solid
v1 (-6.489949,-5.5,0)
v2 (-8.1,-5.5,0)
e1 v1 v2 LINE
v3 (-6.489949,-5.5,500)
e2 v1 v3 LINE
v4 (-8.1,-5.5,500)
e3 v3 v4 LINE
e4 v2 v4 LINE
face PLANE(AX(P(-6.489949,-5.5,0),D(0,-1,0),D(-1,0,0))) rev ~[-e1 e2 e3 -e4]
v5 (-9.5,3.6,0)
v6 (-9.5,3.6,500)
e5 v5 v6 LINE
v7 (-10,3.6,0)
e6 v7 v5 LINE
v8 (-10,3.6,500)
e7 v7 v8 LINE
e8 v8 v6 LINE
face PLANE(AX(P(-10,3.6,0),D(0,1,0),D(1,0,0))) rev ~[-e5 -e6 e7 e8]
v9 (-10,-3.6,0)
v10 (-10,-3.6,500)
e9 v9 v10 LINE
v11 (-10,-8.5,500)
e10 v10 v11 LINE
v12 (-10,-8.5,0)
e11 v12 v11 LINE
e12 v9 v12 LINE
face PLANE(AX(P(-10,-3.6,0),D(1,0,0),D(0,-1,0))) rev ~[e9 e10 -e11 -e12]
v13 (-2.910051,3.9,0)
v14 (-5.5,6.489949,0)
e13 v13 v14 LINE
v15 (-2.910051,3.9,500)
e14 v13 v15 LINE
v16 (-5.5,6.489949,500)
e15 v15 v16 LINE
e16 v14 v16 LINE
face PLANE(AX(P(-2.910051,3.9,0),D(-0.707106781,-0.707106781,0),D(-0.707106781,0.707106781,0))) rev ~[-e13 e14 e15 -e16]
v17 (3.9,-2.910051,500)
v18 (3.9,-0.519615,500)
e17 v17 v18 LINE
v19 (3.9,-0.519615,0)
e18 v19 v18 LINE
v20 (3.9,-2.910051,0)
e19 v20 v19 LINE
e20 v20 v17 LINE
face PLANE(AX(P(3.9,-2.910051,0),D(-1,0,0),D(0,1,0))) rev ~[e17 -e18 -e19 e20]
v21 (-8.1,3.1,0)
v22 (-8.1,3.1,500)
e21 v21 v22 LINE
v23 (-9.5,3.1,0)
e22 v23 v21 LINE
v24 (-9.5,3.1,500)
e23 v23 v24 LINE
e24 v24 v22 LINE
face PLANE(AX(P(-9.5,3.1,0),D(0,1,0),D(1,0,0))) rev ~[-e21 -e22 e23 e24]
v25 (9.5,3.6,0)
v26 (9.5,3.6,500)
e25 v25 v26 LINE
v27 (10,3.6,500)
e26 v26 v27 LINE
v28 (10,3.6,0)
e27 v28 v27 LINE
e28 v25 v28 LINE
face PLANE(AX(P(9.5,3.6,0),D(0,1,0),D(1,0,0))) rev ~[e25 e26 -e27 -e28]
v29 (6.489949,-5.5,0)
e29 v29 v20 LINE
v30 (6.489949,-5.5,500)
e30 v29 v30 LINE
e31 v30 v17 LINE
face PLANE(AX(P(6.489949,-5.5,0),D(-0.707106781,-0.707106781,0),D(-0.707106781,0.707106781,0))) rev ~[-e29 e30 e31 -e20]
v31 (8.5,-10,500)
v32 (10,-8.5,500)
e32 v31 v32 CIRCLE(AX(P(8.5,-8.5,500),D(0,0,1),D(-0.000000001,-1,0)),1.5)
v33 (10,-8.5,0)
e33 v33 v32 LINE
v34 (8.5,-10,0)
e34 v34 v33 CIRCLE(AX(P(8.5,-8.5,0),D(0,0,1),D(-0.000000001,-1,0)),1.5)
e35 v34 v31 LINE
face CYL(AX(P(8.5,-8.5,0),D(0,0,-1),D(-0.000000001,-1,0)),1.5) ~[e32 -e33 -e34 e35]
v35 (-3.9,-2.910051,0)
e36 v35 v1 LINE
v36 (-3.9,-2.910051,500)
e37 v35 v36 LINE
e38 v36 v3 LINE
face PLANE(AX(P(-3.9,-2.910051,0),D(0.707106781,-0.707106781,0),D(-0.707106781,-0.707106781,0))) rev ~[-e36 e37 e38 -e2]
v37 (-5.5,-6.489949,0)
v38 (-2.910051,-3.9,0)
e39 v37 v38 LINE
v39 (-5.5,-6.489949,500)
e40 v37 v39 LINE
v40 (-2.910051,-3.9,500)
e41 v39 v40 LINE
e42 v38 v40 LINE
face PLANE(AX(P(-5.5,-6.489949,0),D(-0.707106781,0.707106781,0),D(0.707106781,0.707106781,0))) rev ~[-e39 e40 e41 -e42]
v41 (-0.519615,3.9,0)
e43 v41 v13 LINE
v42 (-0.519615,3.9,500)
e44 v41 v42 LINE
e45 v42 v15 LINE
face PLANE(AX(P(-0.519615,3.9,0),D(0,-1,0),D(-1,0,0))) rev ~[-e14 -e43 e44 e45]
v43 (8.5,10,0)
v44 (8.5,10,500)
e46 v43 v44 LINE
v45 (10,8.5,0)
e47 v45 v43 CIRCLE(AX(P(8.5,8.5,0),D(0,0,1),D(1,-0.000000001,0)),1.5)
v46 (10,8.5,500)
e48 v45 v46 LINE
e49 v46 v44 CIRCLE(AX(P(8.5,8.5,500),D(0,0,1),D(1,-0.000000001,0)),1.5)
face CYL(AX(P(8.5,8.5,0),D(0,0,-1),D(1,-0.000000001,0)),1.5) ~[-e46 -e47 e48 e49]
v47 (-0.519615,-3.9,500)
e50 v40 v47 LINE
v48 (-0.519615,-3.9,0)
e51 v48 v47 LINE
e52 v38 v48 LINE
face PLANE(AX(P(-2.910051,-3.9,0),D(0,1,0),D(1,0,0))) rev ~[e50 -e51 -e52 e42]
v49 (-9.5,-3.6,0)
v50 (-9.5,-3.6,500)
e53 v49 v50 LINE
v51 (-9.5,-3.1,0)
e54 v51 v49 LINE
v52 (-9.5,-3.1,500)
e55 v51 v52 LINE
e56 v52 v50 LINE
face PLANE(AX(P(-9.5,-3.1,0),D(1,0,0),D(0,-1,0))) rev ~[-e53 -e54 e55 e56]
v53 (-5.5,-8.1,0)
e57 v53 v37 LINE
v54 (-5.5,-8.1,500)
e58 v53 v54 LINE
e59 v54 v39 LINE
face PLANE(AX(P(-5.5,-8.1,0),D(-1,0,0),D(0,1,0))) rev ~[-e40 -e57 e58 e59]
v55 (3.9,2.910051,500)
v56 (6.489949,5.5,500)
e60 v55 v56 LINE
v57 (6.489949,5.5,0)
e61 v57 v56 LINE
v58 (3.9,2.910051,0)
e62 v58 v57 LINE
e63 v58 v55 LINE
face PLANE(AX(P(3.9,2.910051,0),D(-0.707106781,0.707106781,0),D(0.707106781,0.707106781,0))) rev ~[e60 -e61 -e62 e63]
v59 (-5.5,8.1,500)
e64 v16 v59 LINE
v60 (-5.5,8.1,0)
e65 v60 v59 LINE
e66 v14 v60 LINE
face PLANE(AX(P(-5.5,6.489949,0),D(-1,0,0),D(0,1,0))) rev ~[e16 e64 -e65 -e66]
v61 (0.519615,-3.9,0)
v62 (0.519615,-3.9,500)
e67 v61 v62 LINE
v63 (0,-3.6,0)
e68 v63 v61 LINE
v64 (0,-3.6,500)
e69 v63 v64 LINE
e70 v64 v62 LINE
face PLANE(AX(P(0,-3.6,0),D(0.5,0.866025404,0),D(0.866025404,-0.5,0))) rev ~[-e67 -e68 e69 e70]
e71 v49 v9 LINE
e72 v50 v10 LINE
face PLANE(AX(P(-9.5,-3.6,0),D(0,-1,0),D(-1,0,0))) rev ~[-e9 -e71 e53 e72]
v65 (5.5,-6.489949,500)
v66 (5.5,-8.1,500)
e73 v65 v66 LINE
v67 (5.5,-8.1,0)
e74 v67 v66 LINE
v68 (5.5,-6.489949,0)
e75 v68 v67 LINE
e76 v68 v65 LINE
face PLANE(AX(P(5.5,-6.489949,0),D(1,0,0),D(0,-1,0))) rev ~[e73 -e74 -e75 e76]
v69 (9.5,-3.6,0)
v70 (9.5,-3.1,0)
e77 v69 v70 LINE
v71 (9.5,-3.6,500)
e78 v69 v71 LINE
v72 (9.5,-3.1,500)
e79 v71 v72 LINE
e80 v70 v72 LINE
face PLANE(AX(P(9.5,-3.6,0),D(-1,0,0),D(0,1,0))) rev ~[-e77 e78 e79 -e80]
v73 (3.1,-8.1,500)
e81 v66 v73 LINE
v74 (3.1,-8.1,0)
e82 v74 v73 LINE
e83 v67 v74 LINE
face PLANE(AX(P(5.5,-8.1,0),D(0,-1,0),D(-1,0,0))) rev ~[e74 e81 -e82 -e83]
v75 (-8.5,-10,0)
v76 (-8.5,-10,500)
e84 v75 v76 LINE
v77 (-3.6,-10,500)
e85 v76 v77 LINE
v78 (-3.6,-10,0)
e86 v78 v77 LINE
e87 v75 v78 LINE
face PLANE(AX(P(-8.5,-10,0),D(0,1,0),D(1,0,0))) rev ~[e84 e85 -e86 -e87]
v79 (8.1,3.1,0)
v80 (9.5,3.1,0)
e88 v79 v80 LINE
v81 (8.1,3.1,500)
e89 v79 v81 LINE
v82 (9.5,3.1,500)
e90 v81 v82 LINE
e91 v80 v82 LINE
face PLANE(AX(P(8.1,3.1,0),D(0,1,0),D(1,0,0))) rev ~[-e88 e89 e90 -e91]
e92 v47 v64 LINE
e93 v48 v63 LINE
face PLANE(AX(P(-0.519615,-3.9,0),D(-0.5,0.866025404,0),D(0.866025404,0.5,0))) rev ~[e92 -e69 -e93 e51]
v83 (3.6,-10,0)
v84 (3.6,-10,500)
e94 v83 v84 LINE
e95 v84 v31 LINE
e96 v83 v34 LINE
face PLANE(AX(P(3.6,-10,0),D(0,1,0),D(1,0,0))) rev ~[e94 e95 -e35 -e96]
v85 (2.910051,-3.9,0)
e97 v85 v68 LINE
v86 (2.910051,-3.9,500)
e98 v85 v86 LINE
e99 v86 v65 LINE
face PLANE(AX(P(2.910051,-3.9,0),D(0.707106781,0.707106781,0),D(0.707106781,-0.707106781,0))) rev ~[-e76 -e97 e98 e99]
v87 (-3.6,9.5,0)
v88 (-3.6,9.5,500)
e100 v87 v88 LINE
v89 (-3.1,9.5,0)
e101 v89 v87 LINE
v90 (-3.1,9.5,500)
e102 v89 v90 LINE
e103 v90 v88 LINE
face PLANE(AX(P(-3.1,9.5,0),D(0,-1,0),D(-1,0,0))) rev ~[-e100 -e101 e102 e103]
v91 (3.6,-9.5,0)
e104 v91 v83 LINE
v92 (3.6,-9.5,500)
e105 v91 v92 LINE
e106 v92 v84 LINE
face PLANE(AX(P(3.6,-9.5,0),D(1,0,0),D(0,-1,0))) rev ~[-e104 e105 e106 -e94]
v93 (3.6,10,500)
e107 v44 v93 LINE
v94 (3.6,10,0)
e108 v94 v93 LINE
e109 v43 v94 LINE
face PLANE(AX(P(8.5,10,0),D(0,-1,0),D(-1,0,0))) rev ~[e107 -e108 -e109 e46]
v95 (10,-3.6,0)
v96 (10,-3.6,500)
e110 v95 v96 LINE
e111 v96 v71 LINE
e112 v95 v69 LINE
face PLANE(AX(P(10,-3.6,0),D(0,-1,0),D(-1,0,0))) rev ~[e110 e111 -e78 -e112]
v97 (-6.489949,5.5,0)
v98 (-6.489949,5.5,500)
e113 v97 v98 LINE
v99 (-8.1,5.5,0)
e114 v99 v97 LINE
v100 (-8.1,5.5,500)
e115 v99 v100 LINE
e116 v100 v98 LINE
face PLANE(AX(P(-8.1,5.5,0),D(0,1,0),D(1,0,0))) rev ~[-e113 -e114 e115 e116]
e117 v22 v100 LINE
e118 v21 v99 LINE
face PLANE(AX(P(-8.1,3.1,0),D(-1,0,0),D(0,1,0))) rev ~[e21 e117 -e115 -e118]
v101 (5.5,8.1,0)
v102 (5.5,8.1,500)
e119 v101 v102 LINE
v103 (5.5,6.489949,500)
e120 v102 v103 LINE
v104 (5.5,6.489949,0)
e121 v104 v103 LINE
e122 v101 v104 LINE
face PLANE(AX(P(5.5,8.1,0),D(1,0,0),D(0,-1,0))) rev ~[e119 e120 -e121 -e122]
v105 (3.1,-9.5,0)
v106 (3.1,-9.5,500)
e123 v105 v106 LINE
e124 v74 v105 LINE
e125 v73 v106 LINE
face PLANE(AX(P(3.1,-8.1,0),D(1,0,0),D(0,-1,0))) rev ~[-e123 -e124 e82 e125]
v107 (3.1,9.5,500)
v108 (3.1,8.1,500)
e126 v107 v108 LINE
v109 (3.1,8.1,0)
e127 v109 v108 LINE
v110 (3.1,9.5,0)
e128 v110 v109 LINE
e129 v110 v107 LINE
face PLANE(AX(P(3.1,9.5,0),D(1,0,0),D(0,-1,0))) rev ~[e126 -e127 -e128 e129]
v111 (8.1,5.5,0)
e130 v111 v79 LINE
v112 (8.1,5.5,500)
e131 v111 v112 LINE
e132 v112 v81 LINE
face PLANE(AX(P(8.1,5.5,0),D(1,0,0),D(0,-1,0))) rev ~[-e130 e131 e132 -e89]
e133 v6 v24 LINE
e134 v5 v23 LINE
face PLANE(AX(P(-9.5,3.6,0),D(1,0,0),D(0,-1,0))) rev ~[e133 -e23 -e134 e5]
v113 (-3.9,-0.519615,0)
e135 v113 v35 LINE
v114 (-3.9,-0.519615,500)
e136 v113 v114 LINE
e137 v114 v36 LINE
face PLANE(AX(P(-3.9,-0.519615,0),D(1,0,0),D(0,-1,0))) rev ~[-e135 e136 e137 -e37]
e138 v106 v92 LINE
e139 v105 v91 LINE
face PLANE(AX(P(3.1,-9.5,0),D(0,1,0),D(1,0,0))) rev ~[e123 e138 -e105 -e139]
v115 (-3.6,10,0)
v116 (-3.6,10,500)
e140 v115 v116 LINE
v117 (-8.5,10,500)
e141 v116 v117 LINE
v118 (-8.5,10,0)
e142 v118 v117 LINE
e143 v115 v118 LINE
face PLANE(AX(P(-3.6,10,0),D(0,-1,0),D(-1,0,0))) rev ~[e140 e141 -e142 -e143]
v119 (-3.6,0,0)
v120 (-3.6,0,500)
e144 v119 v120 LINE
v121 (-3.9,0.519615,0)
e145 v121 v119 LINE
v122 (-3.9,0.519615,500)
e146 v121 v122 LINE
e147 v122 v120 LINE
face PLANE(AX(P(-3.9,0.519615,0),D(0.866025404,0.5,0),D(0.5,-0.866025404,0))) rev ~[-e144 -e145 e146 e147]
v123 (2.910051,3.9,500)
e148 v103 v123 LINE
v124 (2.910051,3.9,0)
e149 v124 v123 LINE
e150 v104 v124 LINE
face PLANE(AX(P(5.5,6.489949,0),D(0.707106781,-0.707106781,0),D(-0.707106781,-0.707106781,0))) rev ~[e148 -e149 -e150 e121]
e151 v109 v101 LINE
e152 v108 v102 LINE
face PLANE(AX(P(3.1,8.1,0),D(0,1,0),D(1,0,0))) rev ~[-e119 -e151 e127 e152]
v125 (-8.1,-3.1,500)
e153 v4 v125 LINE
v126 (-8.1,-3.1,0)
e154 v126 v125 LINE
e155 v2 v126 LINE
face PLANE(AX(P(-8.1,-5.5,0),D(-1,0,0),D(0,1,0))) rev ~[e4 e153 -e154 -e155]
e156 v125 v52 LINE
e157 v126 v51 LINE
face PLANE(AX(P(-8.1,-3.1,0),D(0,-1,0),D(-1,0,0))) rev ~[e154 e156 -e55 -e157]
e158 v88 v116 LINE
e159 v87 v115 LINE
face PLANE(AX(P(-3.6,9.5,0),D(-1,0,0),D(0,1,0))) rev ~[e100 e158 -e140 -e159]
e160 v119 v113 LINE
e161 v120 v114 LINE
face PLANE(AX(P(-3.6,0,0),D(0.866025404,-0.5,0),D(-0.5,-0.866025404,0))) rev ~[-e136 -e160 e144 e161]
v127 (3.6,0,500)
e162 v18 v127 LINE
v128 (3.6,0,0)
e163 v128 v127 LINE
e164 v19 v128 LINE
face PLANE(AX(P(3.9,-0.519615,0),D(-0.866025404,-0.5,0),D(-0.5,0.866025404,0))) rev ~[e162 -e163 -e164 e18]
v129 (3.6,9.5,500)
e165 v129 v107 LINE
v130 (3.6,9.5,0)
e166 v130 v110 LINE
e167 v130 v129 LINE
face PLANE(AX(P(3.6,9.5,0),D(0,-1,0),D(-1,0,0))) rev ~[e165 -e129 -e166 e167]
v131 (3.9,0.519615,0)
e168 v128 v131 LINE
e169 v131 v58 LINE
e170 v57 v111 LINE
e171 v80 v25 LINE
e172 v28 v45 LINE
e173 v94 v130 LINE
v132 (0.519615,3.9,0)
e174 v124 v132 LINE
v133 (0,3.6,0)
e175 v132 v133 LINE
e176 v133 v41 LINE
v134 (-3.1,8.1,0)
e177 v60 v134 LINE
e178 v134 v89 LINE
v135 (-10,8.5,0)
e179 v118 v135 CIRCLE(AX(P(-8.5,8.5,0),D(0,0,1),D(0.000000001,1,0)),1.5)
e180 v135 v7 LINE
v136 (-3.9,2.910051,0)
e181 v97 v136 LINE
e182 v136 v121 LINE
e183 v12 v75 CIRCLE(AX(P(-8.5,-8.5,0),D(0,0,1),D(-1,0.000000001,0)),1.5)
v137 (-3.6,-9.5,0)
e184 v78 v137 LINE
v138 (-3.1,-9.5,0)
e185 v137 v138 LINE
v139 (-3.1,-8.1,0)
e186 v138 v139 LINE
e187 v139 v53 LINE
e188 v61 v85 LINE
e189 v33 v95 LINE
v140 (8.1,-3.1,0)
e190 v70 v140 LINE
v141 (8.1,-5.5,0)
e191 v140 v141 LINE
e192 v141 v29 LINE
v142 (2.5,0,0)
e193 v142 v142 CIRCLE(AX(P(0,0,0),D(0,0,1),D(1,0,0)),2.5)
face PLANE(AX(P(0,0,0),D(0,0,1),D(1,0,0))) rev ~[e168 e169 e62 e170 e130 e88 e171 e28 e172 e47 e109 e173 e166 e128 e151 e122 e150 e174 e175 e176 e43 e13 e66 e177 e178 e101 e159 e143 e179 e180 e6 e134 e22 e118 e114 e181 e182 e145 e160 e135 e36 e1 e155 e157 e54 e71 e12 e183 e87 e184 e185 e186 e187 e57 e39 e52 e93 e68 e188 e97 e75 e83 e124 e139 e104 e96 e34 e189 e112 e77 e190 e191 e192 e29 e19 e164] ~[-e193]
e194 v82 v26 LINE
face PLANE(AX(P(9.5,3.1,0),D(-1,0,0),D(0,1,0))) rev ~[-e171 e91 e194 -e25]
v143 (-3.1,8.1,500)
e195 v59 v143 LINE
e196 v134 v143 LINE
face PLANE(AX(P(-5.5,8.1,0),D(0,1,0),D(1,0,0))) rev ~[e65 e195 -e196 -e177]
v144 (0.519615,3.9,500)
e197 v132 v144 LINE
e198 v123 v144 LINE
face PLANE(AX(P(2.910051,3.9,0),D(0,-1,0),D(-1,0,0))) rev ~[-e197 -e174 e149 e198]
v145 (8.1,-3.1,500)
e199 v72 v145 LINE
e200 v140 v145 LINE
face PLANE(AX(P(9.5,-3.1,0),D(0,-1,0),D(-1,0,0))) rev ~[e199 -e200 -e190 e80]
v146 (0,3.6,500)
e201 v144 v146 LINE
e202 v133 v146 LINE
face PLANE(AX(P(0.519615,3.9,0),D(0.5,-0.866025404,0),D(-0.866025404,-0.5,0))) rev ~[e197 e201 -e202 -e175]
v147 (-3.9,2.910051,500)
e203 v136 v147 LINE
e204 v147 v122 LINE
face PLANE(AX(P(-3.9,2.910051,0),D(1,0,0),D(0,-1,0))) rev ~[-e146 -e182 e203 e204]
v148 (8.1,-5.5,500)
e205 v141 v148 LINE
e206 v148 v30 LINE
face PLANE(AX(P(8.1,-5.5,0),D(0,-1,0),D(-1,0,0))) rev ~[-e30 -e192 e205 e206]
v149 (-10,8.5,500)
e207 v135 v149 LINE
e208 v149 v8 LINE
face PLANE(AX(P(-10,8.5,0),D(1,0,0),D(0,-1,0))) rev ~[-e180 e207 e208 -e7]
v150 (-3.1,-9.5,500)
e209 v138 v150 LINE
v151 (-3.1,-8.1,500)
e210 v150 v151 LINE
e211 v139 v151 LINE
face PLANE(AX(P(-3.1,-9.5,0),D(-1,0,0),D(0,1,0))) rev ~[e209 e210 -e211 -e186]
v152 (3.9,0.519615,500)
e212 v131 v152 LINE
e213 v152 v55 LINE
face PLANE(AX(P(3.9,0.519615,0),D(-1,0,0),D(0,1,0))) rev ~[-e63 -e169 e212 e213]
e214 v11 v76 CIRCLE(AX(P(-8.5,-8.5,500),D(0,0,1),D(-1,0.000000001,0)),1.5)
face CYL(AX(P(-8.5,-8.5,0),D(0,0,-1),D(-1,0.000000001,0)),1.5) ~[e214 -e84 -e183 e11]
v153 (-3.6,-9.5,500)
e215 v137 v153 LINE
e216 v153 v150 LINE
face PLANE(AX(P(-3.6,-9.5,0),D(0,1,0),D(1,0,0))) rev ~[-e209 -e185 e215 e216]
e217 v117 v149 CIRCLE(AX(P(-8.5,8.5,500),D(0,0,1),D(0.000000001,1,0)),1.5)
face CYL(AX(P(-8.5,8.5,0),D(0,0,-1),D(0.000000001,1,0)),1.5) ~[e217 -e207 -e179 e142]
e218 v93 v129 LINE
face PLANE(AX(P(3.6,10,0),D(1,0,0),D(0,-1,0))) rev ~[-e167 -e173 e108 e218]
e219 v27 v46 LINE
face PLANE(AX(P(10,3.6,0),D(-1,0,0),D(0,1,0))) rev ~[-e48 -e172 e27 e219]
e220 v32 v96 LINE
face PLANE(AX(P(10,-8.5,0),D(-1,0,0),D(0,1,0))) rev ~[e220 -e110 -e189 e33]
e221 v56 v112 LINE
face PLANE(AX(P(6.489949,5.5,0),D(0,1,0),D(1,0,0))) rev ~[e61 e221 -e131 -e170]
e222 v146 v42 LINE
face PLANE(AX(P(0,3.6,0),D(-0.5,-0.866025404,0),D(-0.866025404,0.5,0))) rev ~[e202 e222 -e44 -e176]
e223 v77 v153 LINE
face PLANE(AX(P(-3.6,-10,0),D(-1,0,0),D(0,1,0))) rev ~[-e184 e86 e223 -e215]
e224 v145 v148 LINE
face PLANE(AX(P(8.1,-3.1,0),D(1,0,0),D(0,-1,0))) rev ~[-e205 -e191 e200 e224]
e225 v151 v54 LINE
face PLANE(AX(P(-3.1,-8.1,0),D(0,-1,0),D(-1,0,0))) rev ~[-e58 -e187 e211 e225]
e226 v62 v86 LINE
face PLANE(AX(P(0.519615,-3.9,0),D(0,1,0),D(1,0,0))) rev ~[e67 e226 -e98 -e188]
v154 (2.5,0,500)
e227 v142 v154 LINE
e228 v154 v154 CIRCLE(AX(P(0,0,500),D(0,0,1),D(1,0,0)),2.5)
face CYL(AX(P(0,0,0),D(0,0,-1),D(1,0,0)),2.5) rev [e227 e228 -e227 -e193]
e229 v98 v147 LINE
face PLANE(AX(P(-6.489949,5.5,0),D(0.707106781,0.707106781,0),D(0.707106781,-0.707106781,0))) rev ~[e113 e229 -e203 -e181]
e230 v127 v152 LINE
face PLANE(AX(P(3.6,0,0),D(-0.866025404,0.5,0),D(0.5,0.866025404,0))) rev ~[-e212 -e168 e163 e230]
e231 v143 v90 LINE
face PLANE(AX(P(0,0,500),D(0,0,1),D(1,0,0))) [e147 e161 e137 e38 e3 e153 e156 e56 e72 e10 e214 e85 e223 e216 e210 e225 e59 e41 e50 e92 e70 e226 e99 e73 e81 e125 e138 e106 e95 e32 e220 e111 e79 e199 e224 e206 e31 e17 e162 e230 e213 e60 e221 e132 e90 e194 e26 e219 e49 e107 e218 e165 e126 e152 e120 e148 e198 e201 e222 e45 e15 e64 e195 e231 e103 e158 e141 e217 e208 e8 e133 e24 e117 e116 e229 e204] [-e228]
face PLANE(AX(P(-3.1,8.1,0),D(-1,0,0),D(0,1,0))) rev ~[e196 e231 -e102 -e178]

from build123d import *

# Parameters (mm, degrees)
SKETCH_28_R     = 2.5
EXTRUDE_1_DEPTH = 500


with BuildPart() as part:
    # 草图28 → 凸台-拉伸1 (new body)
    with BuildSketch(Plane.XY):
        with BuildLine():
            Line((-3.9, -0.519615242), (-3.9, -2.910050506))
            Line((-3.9, -2.910050506), (-6.489949494, -5.5))
            Line((-6.489949494, -5.5), (-8.1, -5.5))
            Line((-8.1, -5.5), (-8.1, -3.1))
            Line((-8.1, -3.1), (-9.5, -3.1))
            Line((-9.5, -3.1), (-9.5, -3.6))
            Line((-9.5, -3.6), (-10, -3.6))
            Line((-10, -3.6), (-10, -8.5))
            ThreePointArc((-10, -8.5), (-9.560660172, -9.560660172), (-8.5, -10))
            Line((-8.5, -10), (-3.6, -10))
            Line((-3.6, -10), (-3.6, -9.5))
            Line((-3.6, -9.5), (-3.1, -9.5))
            Line((-3.1, -9.5), (-3.1, -8.1))
            Line((-3.1, -8.1), (-5.5, -8.1))
            Line((-5.5, -8.1), (-5.5, -6.489949494))
            Line((-5.5, -6.489949494), (-2.910050506, -3.9))
            Line((-2.910050506, -3.9), (-0.519615242, -3.9))
            Line((-0.519615242, -3.9), (0, -3.6))
            Line((0, -3.6), (0.519615242, -3.9))
            Line((0.519615242, -3.9), (2.910050506, -3.9))
            Line((2.910050506, -3.9), (5.5, -6.489949494))
            Line((5.5, -6.489949494), (5.5, -8.1))
            Line((5.5, -8.1), (3.1, -8.1))
            Line((3.1, -8.1), (3.1, -9.5))
            Line((3.1, -9.5), (3.6, -9.5))
            Line((3.6, -9.5), (3.6, -10))
            Line((3.6, -10), (8.5, -10))
            ThreePointArc((8.5, -10), (9.560660172, -9.560660172), (10, -8.5))
            Line((10, -8.5), (10, -3.6))
            Line((10, -3.6), (9.5, -3.6))
            Line((9.5, -3.6), (9.5, -3.1))
            Line((9.5, -3.1), (8.1, -3.1))
            Line((8.1, -3.1), (8.1, -5.5))
            Line((8.1, -5.5), (6.489949494, -5.5))
            Line((6.489949494, -5.5), (3.9, -2.910050506))
            Line((3.9, -2.910050506), (3.9, -0.519615242))
            Line((3.9, -0.519615242), (3.6, 0))
            Line((3.6, 0), (3.9, 0.519615242))
            Line((3.9, 0.519615242), (3.9, 2.910050506))
            Line((3.9, 2.910050506), (6.489949494, 5.5))
            Line((6.489949494, 5.5), (8.1, 5.5))
            Line((8.1, 5.5), (8.1, 3.1))
            Line((8.1, 3.1), (9.5, 3.1))
            Line((9.5, 3.1), (9.5, 3.6))
            Line((9.5, 3.6), (10, 3.6))
            Line((10, 3.6), (10, 8.5))
            ThreePointArc((10, 8.5), (9.560660172, 9.560660172), (8.5, 10))
            Line((8.5, 10), (3.6, 10))
            Line((3.6, 10), (3.6, 9.5))
            Line((3.6, 9.5), (3.1, 9.5))
            Line((3.1, 9.5), (3.1, 8.1))
            Line((3.1, 8.1), (5.5, 8.1))
            Line((5.5, 8.1), (5.5, 6.489949494))
            Line((5.5, 6.489949494), (2.910050506, 3.9))
            Line((2.910050506, 3.9), (0.519615242, 3.9))
            Line((0.519615242, 3.9), (0, 3.6))
            Line((0, 3.6), (-0.519615242, 3.9))
            Line((-0.519615242, 3.9), (-2.910050506, 3.9))
            Line((-2.910050506, 3.9), (-5.5, 6.489949494))
            Line((-5.5, 6.489949494), (-5.5, 8.1))
            Line((-5.5, 8.1), (-3.1, 8.1))
            Line((-3.1, 8.1), (-3.1, 9.5))
            Line((-3.1, 9.5), (-3.6, 9.5))
            Line((-3.6, 9.5), (-3.6, 10))
            Line((-3.6, 10), (-8.5, 10))
            ThreePointArc((-8.5, 10), (-9.560660172, 9.560660172), (-10, 8.5))
            Line((-10, 8.5), (-10, 3.6))
            Line((-10, 3.6), (-9.5, 3.6))
            Line((-9.5, 3.6), (-9.5, 3.1))
            Line((-9.5, 3.1), (-8.1, 3.1))
            Line((-8.1, 3.1), (-8.1, 5.5))
            Line((-8.1, 5.5), (-6.489949494, 5.5))
            Line((-6.489949494, 5.5), (-3.9, 2.910050506))
            Line((-3.9, 2.910050506), (-3.9, 0.519615242))
            Line((-3.9, 0.519615242), (-3.6, 0))
            Line((-3.6, 0), (-3.9, -0.519615242))
        make_face()
        Circle(SKETCH_28_R, mode=Mode.SUBTRACT)
    extrude(amount=EXTRUDE_1_DEPTH)


solid = part.part
